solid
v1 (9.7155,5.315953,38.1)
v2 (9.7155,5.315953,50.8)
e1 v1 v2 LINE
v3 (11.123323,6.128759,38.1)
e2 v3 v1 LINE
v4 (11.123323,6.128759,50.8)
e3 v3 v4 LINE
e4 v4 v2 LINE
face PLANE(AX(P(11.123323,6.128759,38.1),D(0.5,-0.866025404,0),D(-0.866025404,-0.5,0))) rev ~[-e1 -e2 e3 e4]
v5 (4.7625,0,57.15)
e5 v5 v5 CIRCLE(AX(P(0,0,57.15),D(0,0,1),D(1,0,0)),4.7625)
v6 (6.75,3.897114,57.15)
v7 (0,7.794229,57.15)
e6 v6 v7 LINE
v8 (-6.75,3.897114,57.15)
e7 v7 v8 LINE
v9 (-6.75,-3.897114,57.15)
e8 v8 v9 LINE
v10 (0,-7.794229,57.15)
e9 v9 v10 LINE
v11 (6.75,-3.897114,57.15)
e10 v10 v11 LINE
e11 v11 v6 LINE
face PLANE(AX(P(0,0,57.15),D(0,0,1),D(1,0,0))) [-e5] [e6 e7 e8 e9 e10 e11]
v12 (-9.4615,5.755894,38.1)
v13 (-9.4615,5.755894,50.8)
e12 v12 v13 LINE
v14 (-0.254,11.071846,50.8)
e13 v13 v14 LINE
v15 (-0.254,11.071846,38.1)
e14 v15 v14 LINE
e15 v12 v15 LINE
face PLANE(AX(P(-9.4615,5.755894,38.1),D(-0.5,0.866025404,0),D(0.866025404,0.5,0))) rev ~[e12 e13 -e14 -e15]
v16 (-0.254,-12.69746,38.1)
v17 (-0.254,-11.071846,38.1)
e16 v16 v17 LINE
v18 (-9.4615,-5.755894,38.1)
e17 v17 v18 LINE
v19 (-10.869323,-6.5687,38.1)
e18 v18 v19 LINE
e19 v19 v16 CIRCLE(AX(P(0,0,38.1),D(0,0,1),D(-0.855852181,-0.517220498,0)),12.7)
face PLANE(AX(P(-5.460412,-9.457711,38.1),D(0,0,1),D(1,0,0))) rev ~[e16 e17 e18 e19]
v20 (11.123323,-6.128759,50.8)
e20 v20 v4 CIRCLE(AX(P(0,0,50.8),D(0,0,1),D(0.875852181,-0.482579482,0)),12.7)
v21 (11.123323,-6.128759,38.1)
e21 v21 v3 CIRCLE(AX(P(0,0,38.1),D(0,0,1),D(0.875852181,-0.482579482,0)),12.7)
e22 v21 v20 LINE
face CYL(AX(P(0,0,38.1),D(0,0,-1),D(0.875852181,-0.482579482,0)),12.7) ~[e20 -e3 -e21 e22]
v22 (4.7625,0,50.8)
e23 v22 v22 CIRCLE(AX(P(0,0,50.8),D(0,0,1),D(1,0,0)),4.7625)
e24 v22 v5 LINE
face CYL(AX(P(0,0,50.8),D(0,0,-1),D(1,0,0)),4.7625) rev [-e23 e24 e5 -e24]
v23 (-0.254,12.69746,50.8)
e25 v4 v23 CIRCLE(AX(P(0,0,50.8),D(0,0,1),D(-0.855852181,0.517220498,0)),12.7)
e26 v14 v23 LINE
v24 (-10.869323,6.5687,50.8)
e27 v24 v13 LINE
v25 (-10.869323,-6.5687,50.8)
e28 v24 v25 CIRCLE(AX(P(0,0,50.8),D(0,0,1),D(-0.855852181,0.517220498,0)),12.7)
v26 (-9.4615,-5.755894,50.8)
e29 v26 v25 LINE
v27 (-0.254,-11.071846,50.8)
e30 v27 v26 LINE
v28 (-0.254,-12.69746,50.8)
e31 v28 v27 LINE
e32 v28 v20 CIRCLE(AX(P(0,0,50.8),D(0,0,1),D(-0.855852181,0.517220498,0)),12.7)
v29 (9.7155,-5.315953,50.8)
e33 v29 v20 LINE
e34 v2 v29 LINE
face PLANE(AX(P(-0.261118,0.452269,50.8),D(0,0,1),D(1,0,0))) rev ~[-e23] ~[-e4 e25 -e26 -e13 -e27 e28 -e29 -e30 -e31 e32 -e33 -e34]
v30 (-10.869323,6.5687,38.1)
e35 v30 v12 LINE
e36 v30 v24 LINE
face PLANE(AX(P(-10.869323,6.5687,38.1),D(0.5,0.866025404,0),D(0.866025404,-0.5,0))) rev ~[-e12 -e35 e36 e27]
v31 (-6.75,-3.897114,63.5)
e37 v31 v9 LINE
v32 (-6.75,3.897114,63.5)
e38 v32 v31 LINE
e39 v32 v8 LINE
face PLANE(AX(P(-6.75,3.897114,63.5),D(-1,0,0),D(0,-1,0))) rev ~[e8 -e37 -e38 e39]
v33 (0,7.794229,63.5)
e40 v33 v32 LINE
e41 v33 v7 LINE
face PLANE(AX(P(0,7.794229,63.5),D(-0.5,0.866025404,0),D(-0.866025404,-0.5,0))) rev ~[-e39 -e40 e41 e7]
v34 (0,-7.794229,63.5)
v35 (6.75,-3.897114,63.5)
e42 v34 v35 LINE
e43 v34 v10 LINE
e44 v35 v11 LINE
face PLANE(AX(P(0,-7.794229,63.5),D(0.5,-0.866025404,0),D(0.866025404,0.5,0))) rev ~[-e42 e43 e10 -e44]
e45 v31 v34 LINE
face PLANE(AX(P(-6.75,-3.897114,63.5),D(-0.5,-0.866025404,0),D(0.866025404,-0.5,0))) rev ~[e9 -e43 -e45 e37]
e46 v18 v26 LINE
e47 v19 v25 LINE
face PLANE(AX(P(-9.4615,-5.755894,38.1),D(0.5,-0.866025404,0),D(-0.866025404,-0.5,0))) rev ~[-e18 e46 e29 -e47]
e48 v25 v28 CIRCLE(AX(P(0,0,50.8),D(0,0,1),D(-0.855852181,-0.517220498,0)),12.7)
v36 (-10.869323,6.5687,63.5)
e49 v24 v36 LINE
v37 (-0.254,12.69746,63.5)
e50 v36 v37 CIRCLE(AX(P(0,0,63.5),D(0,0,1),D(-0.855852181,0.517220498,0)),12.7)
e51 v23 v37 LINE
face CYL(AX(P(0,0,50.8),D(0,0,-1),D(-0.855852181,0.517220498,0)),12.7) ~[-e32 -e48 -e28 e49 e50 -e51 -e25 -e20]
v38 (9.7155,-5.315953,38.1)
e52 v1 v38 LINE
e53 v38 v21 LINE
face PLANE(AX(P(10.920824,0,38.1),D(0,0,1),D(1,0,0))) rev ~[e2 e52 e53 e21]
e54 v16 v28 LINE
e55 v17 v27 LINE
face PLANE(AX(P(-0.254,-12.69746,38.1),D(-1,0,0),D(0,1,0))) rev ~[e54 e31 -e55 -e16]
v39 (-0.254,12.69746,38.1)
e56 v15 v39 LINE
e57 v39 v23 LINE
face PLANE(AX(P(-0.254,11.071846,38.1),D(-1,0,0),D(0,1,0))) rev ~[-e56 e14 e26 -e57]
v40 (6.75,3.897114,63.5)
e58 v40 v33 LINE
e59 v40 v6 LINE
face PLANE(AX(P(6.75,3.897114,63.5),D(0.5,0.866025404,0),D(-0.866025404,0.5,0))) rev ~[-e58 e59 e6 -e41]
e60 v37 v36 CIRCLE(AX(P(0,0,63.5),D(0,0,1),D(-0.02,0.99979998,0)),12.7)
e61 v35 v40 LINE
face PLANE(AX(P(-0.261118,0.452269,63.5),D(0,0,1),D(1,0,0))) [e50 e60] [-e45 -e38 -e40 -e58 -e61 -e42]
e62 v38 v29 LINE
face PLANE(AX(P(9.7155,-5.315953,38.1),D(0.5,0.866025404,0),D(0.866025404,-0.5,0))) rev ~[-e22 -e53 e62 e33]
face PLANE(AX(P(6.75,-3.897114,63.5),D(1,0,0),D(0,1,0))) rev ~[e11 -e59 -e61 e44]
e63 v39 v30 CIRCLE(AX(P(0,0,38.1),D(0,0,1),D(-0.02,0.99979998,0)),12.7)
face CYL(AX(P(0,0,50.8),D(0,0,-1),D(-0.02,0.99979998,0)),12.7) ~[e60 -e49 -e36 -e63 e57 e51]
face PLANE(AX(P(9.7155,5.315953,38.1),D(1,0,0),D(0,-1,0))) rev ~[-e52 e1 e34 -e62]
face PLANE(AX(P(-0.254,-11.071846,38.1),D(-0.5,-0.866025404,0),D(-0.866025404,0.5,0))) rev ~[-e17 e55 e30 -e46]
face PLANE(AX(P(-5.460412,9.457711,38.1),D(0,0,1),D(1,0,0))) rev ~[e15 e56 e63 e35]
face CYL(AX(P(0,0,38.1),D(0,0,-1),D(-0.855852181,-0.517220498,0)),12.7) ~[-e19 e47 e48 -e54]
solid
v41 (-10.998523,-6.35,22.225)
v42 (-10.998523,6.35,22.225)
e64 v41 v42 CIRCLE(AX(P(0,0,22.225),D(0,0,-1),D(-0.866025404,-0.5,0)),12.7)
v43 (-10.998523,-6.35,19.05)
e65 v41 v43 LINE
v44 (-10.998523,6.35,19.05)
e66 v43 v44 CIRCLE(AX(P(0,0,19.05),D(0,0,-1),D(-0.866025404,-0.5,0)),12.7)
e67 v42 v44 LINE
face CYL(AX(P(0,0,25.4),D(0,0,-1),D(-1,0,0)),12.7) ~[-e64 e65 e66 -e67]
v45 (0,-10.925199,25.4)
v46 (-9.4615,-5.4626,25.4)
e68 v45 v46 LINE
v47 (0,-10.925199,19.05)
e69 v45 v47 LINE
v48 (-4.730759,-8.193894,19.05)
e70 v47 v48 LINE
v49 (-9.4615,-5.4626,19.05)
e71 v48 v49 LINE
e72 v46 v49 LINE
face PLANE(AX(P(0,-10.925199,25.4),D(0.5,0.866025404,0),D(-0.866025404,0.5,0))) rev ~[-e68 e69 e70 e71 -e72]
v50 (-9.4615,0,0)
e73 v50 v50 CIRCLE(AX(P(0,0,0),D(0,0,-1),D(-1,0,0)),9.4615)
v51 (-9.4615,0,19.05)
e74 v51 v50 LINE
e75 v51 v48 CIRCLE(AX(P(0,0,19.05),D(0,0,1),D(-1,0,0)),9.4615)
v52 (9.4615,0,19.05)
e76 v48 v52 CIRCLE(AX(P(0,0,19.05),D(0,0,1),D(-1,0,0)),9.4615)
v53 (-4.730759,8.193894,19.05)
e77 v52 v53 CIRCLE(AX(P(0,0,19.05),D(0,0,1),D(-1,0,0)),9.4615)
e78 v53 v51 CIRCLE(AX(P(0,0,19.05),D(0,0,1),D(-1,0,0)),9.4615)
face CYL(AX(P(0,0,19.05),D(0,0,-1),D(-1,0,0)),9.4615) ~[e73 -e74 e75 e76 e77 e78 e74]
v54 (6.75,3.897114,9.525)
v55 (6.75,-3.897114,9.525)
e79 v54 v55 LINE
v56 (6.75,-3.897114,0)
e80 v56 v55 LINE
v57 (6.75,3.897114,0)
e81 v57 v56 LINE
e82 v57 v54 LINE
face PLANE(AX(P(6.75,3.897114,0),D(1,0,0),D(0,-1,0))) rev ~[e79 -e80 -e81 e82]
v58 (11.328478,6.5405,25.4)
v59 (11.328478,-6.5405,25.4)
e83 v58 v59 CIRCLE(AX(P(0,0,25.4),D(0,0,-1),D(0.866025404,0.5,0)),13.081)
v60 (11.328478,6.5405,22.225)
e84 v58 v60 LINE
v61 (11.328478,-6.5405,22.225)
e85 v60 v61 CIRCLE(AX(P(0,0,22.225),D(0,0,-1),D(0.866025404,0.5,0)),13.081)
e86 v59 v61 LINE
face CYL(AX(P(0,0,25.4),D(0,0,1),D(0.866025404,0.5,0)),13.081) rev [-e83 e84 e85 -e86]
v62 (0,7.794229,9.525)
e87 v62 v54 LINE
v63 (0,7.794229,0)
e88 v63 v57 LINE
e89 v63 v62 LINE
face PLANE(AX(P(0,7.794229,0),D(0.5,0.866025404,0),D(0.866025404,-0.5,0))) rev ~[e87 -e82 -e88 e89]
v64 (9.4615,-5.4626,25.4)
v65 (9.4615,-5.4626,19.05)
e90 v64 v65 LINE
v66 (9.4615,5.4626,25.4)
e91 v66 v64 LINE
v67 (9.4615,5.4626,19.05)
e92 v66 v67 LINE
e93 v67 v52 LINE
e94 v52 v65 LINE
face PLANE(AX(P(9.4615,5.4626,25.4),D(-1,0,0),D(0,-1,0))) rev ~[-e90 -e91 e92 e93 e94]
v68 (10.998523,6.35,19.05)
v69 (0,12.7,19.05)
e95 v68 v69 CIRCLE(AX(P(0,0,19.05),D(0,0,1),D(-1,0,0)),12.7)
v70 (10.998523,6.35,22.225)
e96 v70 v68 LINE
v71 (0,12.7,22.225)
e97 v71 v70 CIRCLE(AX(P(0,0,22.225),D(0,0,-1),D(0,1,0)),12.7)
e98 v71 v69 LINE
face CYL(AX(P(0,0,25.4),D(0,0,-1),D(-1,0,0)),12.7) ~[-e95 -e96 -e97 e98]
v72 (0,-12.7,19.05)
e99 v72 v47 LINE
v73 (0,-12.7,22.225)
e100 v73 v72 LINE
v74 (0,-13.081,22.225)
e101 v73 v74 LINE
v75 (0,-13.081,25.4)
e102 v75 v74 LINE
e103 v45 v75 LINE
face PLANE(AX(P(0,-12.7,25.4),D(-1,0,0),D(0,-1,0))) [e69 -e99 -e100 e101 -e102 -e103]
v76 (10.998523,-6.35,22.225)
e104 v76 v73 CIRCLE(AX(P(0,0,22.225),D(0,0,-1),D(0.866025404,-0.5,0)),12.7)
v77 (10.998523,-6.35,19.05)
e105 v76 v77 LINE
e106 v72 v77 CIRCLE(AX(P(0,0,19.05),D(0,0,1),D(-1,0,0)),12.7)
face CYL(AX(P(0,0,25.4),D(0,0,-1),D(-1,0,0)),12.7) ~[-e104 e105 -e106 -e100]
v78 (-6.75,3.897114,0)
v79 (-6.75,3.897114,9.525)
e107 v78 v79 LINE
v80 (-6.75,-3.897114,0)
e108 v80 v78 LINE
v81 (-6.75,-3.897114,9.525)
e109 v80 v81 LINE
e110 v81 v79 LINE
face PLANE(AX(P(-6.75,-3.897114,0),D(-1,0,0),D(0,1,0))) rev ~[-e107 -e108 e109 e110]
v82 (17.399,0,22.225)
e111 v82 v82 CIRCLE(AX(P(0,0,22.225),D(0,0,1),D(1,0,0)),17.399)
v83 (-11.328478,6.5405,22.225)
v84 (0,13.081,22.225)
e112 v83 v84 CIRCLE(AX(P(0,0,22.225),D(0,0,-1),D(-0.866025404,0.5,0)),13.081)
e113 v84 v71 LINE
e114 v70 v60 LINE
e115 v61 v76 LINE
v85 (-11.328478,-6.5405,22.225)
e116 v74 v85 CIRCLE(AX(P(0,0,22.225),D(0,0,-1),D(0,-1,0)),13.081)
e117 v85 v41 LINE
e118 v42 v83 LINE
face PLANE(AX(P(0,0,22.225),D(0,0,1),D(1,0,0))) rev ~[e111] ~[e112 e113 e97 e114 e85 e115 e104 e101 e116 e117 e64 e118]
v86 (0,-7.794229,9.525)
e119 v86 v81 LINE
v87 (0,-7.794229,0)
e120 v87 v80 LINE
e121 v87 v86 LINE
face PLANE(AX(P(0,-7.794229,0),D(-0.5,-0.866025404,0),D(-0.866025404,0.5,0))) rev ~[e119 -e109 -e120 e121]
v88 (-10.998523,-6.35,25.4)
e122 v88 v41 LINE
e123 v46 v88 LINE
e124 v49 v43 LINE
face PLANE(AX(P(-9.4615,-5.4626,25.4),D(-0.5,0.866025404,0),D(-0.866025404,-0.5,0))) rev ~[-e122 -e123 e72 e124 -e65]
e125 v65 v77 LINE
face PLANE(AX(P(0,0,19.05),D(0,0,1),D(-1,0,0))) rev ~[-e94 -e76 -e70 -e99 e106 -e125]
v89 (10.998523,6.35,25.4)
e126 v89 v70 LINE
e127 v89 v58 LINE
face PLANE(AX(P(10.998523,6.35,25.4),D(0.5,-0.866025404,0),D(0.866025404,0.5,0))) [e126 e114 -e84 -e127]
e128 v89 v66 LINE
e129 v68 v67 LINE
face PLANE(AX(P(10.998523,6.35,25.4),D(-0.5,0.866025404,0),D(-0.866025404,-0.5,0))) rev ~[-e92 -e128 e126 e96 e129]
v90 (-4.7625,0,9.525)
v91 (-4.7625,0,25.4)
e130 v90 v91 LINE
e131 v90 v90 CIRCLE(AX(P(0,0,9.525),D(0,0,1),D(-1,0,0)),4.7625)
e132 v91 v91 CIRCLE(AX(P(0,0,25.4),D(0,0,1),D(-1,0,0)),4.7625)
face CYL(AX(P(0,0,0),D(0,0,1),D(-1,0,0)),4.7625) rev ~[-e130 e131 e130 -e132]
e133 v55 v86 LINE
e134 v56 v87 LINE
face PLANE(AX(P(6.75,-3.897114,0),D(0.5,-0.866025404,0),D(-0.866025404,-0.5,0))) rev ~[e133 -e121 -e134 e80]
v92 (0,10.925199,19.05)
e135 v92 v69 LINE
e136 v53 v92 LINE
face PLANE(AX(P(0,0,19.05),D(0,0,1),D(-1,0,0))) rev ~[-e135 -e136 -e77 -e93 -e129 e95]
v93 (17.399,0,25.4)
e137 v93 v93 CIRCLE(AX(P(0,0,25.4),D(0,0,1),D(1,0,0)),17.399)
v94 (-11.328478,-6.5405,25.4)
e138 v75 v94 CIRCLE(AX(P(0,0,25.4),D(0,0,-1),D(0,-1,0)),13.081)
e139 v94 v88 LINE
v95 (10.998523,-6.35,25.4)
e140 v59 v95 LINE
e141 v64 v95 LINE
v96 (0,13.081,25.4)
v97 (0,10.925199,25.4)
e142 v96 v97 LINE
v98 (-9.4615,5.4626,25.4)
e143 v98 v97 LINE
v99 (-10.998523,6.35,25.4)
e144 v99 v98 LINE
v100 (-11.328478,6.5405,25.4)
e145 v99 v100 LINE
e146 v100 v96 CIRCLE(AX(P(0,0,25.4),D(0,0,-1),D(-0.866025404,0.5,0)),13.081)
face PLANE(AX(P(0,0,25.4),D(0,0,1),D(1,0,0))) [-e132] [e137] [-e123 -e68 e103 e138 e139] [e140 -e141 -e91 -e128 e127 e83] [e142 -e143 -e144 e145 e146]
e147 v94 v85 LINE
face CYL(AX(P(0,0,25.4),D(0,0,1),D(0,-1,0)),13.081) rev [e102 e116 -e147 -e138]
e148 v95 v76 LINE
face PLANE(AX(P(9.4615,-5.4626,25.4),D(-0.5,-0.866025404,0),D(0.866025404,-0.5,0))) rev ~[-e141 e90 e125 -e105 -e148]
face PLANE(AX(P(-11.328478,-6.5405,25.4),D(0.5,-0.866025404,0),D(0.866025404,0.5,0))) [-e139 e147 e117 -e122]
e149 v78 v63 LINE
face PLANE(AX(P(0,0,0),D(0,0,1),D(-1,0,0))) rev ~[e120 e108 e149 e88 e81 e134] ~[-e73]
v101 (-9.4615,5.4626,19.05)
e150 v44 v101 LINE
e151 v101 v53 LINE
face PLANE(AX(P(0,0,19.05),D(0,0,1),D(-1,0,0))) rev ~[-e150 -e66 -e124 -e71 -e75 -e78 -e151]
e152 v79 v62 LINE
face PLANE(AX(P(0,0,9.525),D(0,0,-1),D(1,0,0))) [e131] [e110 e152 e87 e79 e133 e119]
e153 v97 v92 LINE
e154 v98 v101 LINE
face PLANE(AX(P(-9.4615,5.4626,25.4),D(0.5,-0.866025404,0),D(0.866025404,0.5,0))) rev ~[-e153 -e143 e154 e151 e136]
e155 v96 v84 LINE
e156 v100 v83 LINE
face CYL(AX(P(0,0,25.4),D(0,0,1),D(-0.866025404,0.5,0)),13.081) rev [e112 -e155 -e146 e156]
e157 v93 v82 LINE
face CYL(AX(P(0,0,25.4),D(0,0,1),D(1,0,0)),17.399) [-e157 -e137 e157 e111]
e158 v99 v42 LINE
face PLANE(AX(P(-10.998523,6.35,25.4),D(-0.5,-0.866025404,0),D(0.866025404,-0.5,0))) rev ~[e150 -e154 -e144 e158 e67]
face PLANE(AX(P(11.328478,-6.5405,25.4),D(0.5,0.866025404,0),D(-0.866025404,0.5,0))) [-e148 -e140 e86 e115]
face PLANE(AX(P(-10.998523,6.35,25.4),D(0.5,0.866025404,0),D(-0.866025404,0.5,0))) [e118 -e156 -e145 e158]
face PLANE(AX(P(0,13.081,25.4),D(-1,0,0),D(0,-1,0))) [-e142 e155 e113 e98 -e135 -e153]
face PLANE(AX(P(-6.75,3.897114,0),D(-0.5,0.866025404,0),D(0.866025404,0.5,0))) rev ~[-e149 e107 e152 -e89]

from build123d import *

# Parameters (mm, degrees)
F2_R      = 4.7625
F3_DEPTH  = 9.525
F5_DEPTH  = 25.4
F8_DEPTH  = 12.7
F9_R      = 4.7625
F10_DEPTH = 12.7
F11_R     = 4.7625
F12_DEPTH = 6.35
F13_R     = 17.399
F14_DEPTH = 3.175


with BuildPart() as f1:
    # F0 (on Front) → F1 (revolve)
    with BuildSketch(Plane.XZ):
        Polygon((-9.4615, 0), (-4.7625, 0), (-4.7625, 6.35), (-4.7625, 25.4), (-12.7, 25.4), (-12.7, 19.05), (-9.4615, 19.05), align=None)
    revolve(axis=Axis((0, 0, 10.2228309714), (0, 0, 1)))

    # F2 (on face) → F3 (cut)
    with BuildSketch(Plane(origin=(0, 0, 0), x_dir=(1, 0, 0), z_dir=(0, 0, -1))):
        Polygon((6.75, -3.897114317), (6.75, 3.897114317), (0, 7.7942286341), (-6.75, 3.897114317), (-6.75, -3.897114317), (0, -7.7942286341), align=None)
        Circle(F2_R, mode=Mode.SUBTRACT)
    extrude(amount=-F3_DEPTH, mode=Mode.SUBTRACT)

    # F4 (on face) → F5 (cut)
    with BuildSketch(Plane.XY.offset(25.4)):
        with BuildLine():
            Line((-4.73075, 8.1938993579), (0, 10.9251991439))
            Line((0, 10.9251991439), (0, 12.7))
            ThreePointArc((0, 12.7), (-6.35, 10.9985226281), (-10.9985226281, 6.35))
            Line((-10.9985226281, 6.35), (-9.4615, 5.4625995719))
            Line((-9.4615, 5.4625995719), (-4.73075, 8.1938993579))
        make_face()
        with BuildLine():
            Line((-9.4615, -5.4625995719), (-10.9985226281, -6.35))
            ThreePointArc((-10.9985226281, -6.35), (-6.35, -10.9985226281), (0, -12.7))
            Line((0, -12.7), (0, -10.9251991439))
            Line((0, -10.9251991439), (-4.73075, -8.1938993579))
            Line((-4.73075, -8.1938993579), (-9.4615, -5.4625995719))
        make_face()
        with BuildLine():
            ThreePointArc((12.7, 0), (12.2672579939, 3.2870018728), (10.9985226281, 6.35))
            Line((10.9985226281, 6.35), (9.4615, 5.4625995719))
            Line((9.4615, 5.4625995719), (9.4615, 0))
            Line((9.4615, 0), (9.4615, -5.4625995719))
            Line((9.4615, -5.4625995719), (10.9985226281, -6.35))
            ThreePointArc((10.9985226281, -6.35), (12.2672579939, -3.2870018728), (12.7, 0))
        make_face()
    extrude(amount=-F5_DEPTH, mode=Mode.SUBTRACT)

    # F13 (on face) → F14 (join)
    with BuildSketch(Plane.XY.offset(25.4)):
        Circle(F13_R)
        with BuildLine():
            ThreePointArc((11.3284783069, 6.5405), (13.081, 0), (11.3284783069, -6.5405))
            Line((11.3284783069, -6.5405), (10.9985226281, -6.35))
            ThreePointArc((10.9985226281, -6.35), (6.35, -10.9985226281), (0, -12.7))
            Line((0, -12.7), (0, -13.081))
            ThreePointArc((0, -13.081), (-6.5405, -11.3284783069), (-11.3284783069, -6.5405))
            Line((-11.3284783069, -6.5405), (-10.9985226281, -6.35))
            ThreePointArc((-10.9985226281, -6.35), (-12.7, 0), (-10.9985226281, 6.35))
            Line((-10.9985226281, 6.35), (-11.3284783069, 6.5405))
            ThreePointArc((-11.3284783069, 6.5405), (-6.5405, 11.3284783069), (0, 13.081))
            Line((0, 13.081), (0, 12.7))
            ThreePointArc((0, 12.7), (6.35, 10.9985226281), (10.9985226281, 6.35))
            Line((10.9985226281, 6.35), (11.3284783069, 6.5405))
        make_face(mode=Mode.SUBTRACT)
    extrude(amount=-F14_DEPTH)


with BuildPart() as f8:
    # F7 (on offset) → F8 (new body)
    with BuildSketch(Plane.XY.offset(38.1)):
        with BuildLine():
            Line((-9.4615, 5.7558935087), (-0.254, 11.0718461122))
            Line((-0.254, 11.0718461122), (-0.254, 12.6974597459))
            ThreePointArc((-0.254, 12.6974597459), (-6.35, 10.9985226281), (-10.8693227035, 6.5687003255))
            Line((-10.8693227035, 6.5687003255), (-9.4615, 5.7558935087))
        make_face()
    extrude(amount=F8_DEPTH)



with BuildPart() as f8b:
    # F7 (on offset) → F8, piece 2 (new body)
    with BuildSketch(Plane.XY.offset(38.1)):
        with BuildLine():
            Line((11.1233227035, 6.1287594204), (9.7155, 5.3159526036))
            Line((9.7155, 5.3159526036), (9.7155, -5.3159526036))
            Line((9.7155, -5.3159526036), (11.1233227035, -6.1287594204))
            ThreePointArc((11.1233227035, -6.1287594204), (12.7, 0), (11.1233227035, 6.1287594204))
        make_face()
    extrude(amount=F8_DEPTH)


with BuildPart() as f8c:
    # F7 (on offset) → F8, piece 3 (new body)
    with BuildSketch(Plane.XY.offset(38.1)):
        with BuildLine():
            Line((-0.254, -12.6974597459), (-0.254, -11.0718461122))
            Line((-0.254, -11.0718461122), (-9.4615, -5.7558935087))
            Line((-9.4615, -5.7558935087), (-10.8693227035, -6.5687003255))
            ThreePointArc((-10.8693227035, -6.5687003255), (-6.35, -10.9985226281), (-0.254, -12.6974597459))
        make_face()
    extrude(amount=F8_DEPTH)


with BuildPart() as f8_1:
    add(f8.part)

    add(f8b.part)  # F10 merges F8b

    add(f8c.part)  # F10 merges F8c
    # F9 (on face) → F10 (join)
    with BuildSketch(Plane.XY.offset(50.8)):
        with BuildLine():
            ThreePointArc((-10.8693227035, 6.5687003255), (-3.4095162168, -12.2337728918), (12.7, 0))
            ThreePointArc((12.7, 0), (8.89, 9.0696141042), (-0.254, 12.6974597459))
            Line((-0.254, 12.6974597459), (-0.254, 11.0718461122))
            Line((-0.254, 11.0718461122), (-9.4615, 5.7558935087))
            Line((-9.4615, 5.7558935087), (-10.8693227035, 6.5687003255))
        make_face()
        Circle(F9_R, mode=Mode.SUBTRACT)
        with BuildLine():
            Line((-0.254, 11.0718461122), (-0.254, 12.6974597459))
            ThreePointArc((-0.254, 12.6974597459), (-6.35, 10.9985226281), (-10.8693227035, 6.5687003255))
            Line((-10.8693227035, 6.5687003255), (-9.4615, 5.7558935087))
            Line((-9.4615, 5.7558935087), (-0.254, 11.0718461122))
        make_face()
    extrude(amount=F10_DEPTH)

    # F11 (on face) → F12 (cut)
    with BuildSketch(Plane.XY.offset(63.5)):
        Polygon((6.75, 3.897114317), (0, 7.7942286341), (-6.75, 3.897114317), (-6.75, -3.897114317), (0, -7.7942286341), (6.75, -3.897114317), align=None)
        Circle(F11_R, mode=Mode.SUBTRACT)
    extrude(amount=-F12_DEPTH, mode=Mode.SUBTRACT)


solid = Compound([f1.part, f8_1.part])
